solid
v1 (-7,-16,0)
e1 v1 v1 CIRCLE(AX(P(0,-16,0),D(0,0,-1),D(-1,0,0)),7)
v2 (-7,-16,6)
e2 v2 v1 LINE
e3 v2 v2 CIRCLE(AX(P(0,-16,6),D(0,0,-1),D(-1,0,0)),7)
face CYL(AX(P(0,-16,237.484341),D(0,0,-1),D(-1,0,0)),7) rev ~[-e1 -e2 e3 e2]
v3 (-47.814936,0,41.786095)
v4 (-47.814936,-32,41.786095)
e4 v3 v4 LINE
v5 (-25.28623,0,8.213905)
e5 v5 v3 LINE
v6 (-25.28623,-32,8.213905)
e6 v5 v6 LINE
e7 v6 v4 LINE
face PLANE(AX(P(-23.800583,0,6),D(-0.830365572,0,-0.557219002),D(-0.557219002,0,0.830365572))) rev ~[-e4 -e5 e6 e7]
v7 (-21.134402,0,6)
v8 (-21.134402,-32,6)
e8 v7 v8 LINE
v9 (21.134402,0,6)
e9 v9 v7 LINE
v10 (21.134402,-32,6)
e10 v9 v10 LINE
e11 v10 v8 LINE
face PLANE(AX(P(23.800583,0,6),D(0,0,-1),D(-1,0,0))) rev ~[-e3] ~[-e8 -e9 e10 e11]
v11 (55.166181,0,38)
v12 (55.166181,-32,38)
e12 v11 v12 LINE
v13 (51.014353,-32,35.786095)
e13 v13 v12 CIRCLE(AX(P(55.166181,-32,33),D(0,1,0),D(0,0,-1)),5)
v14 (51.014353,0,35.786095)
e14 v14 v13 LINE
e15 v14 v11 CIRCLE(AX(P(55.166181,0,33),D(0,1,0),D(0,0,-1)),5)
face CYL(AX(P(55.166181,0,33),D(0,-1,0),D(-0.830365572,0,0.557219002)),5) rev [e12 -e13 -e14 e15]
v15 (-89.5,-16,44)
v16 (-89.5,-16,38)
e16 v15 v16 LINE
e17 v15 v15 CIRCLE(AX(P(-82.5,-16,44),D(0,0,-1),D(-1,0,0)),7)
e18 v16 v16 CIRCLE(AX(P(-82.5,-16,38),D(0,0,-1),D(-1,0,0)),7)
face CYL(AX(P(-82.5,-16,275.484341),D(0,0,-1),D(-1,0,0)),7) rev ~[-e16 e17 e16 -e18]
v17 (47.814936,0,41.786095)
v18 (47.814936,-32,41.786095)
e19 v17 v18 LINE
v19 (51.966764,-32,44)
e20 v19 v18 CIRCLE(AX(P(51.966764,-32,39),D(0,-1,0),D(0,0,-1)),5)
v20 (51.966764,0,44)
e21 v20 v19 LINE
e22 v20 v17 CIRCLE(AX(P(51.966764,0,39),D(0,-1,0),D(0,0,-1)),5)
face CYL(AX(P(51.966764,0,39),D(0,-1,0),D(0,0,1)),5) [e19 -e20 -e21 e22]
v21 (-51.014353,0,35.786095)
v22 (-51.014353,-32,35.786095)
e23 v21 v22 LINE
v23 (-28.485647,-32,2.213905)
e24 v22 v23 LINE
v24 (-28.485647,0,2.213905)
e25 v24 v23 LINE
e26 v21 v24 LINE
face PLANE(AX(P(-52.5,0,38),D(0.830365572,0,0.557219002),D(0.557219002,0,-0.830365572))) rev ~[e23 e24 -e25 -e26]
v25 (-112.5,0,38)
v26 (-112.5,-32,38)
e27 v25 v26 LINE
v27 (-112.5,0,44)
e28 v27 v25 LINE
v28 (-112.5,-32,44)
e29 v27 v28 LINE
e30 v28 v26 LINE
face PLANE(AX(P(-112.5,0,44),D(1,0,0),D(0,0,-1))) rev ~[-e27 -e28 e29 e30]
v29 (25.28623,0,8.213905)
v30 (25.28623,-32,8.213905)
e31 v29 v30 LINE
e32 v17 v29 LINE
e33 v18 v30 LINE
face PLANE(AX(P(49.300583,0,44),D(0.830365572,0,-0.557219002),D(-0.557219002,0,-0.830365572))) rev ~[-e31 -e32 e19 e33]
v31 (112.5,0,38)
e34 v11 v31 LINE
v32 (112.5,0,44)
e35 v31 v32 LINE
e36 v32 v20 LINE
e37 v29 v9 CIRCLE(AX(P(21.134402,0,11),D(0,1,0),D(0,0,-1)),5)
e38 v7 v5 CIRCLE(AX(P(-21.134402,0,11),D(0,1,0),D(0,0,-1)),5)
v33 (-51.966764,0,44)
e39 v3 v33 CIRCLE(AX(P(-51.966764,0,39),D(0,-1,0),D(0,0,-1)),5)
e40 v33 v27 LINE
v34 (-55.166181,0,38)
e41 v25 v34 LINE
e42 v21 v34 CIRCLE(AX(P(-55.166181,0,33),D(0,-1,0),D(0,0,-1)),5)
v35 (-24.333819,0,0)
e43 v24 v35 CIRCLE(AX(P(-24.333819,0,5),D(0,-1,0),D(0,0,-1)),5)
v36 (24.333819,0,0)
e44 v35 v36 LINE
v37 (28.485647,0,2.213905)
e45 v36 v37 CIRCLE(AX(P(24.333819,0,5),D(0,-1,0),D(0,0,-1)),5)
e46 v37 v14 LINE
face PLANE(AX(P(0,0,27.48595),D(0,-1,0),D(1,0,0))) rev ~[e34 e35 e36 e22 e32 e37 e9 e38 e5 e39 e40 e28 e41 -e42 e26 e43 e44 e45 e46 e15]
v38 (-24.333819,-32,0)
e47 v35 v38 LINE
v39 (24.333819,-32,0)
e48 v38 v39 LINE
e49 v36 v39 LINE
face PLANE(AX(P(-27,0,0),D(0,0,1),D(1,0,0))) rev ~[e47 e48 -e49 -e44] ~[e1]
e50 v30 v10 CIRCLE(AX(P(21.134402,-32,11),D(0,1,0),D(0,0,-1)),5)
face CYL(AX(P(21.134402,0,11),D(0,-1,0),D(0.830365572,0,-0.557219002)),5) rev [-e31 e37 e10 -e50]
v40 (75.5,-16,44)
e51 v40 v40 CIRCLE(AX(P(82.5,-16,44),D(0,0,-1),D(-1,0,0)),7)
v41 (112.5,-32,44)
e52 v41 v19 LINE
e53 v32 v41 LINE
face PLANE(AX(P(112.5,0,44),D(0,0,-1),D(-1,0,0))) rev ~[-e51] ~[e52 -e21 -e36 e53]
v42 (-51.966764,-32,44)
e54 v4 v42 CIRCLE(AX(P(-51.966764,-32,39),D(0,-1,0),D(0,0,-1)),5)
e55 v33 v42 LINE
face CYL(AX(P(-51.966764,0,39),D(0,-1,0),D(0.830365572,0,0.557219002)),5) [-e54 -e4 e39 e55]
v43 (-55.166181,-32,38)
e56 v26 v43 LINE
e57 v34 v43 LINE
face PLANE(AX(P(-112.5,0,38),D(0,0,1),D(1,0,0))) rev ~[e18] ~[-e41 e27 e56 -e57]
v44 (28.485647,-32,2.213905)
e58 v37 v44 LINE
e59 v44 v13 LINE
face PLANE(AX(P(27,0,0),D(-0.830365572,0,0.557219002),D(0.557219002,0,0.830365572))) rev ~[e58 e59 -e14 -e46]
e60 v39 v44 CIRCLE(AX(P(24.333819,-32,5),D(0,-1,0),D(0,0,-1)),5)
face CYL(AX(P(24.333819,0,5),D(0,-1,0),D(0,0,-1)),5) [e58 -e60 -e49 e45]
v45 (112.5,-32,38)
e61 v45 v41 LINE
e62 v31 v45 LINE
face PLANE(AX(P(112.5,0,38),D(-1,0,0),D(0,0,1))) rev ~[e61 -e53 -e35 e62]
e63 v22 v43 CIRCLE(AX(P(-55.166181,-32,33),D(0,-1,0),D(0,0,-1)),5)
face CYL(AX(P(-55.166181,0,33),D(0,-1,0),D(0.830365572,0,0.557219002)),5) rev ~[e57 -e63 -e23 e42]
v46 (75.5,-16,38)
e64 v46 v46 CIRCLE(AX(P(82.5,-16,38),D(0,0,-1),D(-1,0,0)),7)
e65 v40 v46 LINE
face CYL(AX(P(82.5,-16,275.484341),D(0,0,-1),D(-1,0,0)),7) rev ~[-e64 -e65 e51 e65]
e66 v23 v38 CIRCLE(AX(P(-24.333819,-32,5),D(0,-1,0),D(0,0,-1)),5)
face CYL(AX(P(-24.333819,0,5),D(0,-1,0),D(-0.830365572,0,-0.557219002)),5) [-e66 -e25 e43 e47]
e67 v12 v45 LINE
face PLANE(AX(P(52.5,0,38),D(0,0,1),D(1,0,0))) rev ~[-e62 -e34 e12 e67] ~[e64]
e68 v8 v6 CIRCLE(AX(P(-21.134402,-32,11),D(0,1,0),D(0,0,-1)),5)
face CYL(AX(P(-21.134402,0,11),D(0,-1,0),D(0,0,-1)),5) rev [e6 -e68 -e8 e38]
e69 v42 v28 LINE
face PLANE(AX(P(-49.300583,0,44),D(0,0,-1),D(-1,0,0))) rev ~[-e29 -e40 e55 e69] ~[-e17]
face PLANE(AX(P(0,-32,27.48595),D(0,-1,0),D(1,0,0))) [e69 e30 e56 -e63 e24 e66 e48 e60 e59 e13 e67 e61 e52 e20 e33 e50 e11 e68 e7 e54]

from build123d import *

# Parameters (mm, degrees)
F1_DEPTH = 32
F2_R     = 5
F4_D     = 14
F6_D     = 14


with BuildPart() as f1:
    # F0 (on Front) → F1 (new body)
    with BuildSketch(Plane.XZ):
        Polygon((-52.5, 38), (-27, 0), (27, 0), (52.5, 38), (112.5, 38), (112.5, 44), (49.300583, 44), (23.800583, 6), (-23.800583, 6), (-49.300583, 44), (-112.5, 44), (-112.5, 38), align=None)
    extrude(amount=F1_DEPTH)

    # F2
    f2_edges = [f1.edges().sort_by_distance(p)[0] for p in [
        (-49.300583, -16, 44),
        (-23.800583, -16, 6),
        (23.800583, -16, 6),
        (49.300583, -16, 44),
        (52.5, -16, 38),
        (27, -16, 0),
        (-27, -16, 0),
        (-52.5, -16, 38),
    ]]
    fillet(f2_edges, radius=F2_R)

    # F4 (through all)
    with Locations(Plane.XY.offset(6)):
        with Locations((0, -16)):
            Hole(F4_D / 2)

    # F6 (through all)
    with Locations(Plane.XY.offset(44)):
        with Locations((-82.5, -16), (82.5, -16)):
            Hole(F6_D / 2)


solid = f1.part
